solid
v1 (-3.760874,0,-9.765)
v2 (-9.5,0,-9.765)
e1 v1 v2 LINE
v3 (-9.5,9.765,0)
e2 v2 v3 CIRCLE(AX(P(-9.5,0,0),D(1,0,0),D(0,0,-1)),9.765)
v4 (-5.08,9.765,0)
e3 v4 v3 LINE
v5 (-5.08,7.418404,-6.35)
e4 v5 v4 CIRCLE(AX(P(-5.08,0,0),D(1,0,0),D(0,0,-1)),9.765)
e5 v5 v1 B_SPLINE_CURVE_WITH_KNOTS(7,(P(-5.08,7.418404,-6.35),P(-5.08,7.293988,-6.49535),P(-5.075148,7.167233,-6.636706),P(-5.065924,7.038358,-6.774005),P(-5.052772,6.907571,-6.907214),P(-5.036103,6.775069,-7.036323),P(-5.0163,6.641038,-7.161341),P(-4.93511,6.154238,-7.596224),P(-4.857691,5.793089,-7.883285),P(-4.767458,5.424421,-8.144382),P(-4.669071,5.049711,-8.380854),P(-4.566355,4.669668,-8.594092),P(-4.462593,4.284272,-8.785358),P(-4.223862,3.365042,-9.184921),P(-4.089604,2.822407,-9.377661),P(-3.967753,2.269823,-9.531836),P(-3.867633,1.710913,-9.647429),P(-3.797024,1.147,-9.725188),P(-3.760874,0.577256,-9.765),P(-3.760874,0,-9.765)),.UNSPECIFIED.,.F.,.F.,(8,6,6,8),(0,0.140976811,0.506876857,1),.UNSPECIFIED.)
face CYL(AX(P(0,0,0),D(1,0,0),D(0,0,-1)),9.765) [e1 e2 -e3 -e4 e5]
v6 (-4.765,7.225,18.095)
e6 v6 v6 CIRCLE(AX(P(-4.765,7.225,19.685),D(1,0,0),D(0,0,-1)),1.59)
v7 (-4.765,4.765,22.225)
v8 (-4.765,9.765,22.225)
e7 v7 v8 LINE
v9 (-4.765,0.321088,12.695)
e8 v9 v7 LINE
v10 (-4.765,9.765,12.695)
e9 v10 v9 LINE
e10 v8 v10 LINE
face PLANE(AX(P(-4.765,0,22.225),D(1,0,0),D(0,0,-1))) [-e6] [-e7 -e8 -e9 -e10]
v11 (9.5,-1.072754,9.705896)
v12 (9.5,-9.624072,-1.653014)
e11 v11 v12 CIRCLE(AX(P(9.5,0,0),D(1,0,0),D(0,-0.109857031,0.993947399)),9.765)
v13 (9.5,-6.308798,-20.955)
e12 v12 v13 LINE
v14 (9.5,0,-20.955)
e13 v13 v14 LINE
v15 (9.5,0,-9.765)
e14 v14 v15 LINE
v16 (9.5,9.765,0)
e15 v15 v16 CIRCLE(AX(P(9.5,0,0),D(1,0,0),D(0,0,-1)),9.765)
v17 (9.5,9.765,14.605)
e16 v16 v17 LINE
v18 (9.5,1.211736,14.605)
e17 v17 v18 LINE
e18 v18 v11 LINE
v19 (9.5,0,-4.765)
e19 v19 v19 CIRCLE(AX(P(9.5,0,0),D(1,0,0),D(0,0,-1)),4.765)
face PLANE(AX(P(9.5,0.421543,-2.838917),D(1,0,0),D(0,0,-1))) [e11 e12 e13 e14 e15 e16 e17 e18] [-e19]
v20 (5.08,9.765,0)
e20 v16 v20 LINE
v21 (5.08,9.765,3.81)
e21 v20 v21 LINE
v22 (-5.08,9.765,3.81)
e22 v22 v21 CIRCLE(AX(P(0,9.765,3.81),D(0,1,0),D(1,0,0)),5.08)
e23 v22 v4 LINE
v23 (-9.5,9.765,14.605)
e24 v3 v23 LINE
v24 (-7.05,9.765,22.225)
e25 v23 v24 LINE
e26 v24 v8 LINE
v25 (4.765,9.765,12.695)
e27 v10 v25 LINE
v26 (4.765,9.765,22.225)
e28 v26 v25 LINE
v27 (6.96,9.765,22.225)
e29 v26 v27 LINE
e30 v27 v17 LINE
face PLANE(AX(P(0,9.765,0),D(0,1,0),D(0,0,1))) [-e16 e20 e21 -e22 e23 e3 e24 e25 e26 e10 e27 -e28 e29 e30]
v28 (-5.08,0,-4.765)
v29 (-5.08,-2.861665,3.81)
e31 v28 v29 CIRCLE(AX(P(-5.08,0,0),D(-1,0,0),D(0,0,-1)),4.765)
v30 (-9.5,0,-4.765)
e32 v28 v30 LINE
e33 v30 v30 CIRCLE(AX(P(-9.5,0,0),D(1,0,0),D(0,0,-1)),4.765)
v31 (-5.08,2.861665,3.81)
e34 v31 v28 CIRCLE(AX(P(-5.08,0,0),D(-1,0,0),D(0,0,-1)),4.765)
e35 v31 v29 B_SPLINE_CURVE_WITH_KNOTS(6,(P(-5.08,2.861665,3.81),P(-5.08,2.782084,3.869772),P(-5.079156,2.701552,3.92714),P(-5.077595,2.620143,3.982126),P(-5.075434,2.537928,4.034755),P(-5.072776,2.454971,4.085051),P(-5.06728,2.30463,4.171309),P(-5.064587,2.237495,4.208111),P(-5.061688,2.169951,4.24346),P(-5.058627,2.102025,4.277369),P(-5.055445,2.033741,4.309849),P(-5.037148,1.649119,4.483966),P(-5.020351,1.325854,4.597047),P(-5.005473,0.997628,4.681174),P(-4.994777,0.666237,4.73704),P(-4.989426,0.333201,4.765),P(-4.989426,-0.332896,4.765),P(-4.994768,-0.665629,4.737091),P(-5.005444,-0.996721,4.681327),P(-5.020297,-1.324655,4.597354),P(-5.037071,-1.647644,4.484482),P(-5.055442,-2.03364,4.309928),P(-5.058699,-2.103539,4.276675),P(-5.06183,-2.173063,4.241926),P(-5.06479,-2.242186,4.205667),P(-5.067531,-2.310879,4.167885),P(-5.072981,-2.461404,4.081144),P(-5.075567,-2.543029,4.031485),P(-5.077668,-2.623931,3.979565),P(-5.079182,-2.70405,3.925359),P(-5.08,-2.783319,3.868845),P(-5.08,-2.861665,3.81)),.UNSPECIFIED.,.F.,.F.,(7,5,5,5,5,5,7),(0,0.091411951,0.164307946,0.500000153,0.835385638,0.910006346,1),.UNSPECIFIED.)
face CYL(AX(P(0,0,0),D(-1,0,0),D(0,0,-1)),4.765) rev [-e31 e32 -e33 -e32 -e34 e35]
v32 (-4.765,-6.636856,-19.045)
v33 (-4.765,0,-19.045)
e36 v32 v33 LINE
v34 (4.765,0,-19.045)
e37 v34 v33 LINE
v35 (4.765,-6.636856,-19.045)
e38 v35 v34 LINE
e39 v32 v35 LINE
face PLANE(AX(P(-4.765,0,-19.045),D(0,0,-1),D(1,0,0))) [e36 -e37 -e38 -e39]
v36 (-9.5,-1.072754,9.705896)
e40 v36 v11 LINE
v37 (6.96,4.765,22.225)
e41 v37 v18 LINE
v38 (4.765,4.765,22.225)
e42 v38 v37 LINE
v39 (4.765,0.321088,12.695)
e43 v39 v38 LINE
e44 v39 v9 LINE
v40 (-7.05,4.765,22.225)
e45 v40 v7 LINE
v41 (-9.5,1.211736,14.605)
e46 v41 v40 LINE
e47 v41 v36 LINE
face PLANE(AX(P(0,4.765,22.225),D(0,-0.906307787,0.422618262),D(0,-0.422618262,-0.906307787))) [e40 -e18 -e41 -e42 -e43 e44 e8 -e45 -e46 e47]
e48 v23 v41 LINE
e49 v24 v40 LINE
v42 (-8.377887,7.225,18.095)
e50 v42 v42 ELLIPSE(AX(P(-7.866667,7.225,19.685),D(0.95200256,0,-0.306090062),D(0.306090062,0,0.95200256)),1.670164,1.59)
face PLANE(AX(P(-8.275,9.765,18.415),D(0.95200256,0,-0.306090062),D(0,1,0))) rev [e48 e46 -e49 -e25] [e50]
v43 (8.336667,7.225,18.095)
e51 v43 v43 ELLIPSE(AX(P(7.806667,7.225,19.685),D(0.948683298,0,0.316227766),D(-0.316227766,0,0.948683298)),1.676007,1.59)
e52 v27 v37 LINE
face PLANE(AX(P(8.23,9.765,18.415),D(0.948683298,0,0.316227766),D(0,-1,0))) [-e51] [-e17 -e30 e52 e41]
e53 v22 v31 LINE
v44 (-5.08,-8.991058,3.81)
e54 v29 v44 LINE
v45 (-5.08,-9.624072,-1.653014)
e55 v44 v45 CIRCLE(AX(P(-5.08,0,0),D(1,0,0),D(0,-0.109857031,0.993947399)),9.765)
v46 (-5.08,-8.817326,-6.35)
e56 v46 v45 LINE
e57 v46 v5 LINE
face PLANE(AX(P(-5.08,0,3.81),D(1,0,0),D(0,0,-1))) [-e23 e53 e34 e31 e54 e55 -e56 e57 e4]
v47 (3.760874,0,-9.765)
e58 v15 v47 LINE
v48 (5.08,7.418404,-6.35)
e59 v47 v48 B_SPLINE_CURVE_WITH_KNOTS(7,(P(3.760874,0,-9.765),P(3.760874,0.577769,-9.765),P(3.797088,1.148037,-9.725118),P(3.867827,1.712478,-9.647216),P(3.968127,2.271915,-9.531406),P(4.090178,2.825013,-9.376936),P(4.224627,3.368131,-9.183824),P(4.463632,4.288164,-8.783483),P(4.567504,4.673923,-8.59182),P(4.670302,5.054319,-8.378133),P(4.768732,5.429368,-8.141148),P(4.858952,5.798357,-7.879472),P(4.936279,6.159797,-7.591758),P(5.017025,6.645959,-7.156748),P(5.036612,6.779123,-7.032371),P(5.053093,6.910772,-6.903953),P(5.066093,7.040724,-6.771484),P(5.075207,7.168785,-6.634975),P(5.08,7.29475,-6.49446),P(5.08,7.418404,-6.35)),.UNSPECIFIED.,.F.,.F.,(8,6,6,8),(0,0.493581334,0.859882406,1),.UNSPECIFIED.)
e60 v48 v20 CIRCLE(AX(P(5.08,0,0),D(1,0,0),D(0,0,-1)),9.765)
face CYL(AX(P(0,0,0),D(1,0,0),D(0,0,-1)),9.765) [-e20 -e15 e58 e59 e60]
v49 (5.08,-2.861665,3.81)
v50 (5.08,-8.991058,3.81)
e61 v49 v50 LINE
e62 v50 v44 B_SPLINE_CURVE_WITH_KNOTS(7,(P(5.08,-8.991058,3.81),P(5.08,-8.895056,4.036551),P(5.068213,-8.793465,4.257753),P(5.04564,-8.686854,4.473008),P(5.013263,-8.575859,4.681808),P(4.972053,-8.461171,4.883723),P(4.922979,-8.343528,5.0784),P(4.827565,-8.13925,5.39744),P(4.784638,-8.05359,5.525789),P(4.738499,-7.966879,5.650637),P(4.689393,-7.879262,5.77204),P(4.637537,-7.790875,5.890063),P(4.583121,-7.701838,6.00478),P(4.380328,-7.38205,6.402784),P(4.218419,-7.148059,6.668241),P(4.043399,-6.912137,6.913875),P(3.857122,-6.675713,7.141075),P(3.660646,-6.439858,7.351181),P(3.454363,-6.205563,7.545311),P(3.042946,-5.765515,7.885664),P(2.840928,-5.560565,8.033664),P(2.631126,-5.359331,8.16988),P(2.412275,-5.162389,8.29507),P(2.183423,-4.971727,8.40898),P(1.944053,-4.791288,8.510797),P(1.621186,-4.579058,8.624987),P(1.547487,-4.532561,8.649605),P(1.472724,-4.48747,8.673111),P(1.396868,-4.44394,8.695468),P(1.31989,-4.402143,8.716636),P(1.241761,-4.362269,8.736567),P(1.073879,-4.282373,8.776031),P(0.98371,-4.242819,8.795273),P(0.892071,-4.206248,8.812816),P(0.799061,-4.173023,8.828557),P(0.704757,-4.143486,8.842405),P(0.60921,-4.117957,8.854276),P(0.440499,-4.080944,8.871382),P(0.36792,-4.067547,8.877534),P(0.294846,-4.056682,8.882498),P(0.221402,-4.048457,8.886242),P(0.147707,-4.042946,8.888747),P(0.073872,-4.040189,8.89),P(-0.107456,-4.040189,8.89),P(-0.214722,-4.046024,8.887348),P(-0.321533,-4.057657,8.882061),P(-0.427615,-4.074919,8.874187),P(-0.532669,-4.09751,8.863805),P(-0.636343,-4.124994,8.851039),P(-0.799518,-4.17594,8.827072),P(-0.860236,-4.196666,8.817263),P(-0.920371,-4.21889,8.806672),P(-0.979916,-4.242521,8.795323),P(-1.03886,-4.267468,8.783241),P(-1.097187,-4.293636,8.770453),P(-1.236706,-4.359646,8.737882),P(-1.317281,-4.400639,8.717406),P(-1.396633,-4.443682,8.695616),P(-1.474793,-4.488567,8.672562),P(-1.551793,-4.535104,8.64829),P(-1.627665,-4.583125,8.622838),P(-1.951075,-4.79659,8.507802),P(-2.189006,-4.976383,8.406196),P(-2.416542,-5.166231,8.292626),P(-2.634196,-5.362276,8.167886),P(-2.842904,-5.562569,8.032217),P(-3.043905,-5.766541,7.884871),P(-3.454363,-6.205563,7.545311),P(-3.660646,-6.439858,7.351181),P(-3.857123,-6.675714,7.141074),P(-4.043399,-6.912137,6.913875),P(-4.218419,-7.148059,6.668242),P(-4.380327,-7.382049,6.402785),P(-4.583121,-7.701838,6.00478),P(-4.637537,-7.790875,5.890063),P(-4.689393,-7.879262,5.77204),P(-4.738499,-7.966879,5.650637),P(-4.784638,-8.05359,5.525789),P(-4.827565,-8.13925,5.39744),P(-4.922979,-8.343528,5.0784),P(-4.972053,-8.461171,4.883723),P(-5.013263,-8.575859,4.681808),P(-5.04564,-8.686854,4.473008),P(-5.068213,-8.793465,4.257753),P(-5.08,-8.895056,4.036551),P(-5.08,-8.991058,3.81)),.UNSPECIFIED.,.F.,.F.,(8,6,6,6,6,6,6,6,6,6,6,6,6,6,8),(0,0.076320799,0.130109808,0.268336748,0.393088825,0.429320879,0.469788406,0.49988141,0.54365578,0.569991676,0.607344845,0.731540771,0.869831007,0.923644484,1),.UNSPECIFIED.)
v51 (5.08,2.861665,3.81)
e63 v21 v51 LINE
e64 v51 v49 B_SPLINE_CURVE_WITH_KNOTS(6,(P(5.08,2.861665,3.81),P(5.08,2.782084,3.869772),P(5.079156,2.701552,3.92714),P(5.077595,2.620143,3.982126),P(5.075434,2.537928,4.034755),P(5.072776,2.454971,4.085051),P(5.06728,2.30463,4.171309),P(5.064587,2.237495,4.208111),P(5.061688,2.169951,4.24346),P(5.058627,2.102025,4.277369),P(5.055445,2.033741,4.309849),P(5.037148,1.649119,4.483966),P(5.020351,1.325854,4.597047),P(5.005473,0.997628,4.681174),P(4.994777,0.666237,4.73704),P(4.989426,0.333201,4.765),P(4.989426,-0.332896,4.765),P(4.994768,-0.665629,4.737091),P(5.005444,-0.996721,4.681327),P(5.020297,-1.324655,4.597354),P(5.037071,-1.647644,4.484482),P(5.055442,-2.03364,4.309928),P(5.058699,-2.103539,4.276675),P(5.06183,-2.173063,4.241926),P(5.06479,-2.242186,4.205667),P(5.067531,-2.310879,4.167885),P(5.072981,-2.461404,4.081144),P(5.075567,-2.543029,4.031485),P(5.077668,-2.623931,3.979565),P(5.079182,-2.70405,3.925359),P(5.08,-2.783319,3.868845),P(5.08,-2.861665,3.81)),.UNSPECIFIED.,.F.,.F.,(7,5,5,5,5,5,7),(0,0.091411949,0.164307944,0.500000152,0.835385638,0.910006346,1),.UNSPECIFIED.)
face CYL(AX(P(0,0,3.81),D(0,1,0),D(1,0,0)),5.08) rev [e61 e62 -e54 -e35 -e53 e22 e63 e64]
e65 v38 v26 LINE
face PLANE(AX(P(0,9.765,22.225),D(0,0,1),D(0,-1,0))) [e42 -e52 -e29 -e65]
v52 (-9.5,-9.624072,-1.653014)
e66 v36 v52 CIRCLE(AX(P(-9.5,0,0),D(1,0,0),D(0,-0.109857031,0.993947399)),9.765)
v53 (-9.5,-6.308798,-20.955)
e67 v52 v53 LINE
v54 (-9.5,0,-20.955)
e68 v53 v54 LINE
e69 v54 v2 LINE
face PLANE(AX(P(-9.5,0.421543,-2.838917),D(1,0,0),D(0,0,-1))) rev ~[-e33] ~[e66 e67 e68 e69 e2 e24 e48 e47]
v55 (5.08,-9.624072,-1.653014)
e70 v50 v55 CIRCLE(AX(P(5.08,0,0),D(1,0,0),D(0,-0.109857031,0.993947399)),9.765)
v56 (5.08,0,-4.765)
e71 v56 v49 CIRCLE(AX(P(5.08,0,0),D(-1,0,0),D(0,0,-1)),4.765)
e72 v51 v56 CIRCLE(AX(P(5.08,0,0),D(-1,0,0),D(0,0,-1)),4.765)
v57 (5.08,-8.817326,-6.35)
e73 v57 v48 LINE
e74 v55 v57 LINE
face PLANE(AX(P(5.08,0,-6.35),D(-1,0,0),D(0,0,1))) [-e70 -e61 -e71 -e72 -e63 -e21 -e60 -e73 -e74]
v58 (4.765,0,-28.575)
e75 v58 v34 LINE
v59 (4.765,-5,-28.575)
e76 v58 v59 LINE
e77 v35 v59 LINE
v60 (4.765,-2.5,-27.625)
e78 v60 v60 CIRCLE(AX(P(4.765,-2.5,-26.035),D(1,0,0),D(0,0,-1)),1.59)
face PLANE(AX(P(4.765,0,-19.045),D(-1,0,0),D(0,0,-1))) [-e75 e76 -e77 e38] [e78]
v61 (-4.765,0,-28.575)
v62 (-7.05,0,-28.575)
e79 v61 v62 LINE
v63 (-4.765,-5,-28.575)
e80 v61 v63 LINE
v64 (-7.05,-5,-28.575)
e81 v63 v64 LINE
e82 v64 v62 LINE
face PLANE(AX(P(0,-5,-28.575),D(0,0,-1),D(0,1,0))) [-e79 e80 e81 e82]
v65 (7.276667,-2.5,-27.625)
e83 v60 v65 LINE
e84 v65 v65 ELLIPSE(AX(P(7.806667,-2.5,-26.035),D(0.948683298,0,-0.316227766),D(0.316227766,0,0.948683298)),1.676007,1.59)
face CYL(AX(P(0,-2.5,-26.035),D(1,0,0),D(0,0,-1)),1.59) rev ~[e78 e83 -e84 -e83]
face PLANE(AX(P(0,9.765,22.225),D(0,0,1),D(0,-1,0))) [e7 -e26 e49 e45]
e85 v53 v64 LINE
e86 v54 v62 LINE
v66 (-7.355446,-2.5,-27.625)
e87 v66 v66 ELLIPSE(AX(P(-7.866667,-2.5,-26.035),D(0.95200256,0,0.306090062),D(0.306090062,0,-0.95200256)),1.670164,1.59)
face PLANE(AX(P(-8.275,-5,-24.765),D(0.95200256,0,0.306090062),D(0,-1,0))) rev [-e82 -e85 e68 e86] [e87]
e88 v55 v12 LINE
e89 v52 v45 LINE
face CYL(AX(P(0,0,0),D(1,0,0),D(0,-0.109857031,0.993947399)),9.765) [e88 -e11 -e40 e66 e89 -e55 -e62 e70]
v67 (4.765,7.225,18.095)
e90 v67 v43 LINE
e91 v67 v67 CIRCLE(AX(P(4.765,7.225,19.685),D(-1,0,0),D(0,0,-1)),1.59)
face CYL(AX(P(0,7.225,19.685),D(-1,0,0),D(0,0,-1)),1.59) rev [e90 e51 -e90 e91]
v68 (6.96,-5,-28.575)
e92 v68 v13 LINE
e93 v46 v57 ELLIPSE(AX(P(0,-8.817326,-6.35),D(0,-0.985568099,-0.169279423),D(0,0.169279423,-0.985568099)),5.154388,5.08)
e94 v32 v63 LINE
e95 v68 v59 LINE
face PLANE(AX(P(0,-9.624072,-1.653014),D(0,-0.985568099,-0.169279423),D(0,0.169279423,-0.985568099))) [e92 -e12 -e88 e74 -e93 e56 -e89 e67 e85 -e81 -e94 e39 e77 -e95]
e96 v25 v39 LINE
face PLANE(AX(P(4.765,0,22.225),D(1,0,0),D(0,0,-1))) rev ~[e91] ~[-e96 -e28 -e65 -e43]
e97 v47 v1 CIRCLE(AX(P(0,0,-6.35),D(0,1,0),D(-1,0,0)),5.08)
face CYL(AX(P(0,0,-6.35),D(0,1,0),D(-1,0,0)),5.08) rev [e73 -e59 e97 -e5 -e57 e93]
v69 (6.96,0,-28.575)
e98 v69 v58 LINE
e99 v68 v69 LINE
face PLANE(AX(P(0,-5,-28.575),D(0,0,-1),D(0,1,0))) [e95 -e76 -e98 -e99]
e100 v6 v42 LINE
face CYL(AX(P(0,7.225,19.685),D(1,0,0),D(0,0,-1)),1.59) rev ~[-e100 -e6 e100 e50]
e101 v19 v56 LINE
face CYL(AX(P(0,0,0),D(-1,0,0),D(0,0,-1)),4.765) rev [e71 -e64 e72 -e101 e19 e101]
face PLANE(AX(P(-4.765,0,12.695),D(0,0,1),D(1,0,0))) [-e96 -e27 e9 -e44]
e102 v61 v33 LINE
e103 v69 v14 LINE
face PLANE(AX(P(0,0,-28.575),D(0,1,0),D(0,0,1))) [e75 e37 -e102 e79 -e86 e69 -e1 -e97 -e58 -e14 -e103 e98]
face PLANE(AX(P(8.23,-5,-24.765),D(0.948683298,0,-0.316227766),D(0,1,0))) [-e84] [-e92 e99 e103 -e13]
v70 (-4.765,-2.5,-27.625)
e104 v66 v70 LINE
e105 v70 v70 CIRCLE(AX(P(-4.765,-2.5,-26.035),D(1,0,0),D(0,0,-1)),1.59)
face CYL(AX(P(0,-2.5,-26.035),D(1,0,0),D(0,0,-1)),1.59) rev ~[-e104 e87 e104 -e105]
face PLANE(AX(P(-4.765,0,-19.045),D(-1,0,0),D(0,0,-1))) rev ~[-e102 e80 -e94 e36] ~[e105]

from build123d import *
from OCP.BRepFilletAPI import BRepFilletAPI_MakeChamfer

# Parameters (mm, degrees)
SKETCH1_R           = 4.765
BOSS_EXTRUDE1_DEPTH = 9.5
CHAMFER1_SIZE       = 2.54
CHAMFER1_SIZE2      = 7.62
CHAMFER2_SIZE       = 7.62
CHAMFER2_SIZE2      = 2.45
CUT_EXTRUDE1_DEPTH  = 17.5
SKETCH3_W           = 9.53
SKETCH3_H           = 9.53
CUT_EXTRUDE2_DEPTH  = 17.5
SKETCH4_R           = 1.59
CUT_EXTRUDE3_DEPTH  = 17.5


with BuildPart() as part:
    # Sketch1 → Boss-Extrude1 (new, symmetric)
    with BuildSketch(Plane(origin=(0, 0, 0), x_dir=(0, 0, -1), z_dir=(1, 0, 0))):
        with BuildLine():
            Line((0, 9.765), (-22.225, 9.765))
            Line((-22.225, 9.765), (-22.225, 4.765))
            Line((-22.225, 4.765), (-9.705896356, -1.072753903))
            ThreePointArc((-9.705896356, -1.072753903), (-5.873116096, -7.801392973), (1.653013564, -9.624072483))
            Line((1.653013564, -9.624072483), (28.575, -5))
            Line((28.575, -5), (28.575, 0))
            Line((28.575, 0), (9.765, 0))
            ThreePointArc((9.765, 0), (6.904897718, 6.904897718), (0, 9.765))
        make_face()
        Circle(SKETCH1_R, mode=Mode.SUBTRACT)
    extrude(amount=BOSS_EXTRUDE1_DEPTH, both=True)

    # Chamfer1: one chamfer whose edges measure the first distance from different faces: ONE call of the kernel's chamfer builder (chamfer() names one face for all edges)
    chamfer1_edges_1 = [part.edges().sort_by_distance(p)[0] for p in [
        (9.5, 7.265, 22.225),
    ]]
    chamfer1_side_1 = [part.faces().sort_by_distance(p)[0] for p in [
        (0, 7.265, 22.225),
    ]]
    chamfer1_edges_2 = [part.edges().sort_by_distance(p)[0] for p in [
        (9.5, -2.5, -28.575),
    ]]
    chamfer1_side_2 = [part.faces().sort_by_distance(p)[0] for p in [
        (0, -2.5, -28.575),
    ]]
    chamfer1 = BRepFilletAPI_MakeChamfer(part.part.solid().wrapped)
    for e in chamfer1_edges_1:
        chamfer1.Add(CHAMFER1_SIZE, CHAMFER1_SIZE2, e.wrapped, chamfer1_side_1[0].wrapped)  # the first distance lies on this face
    for e in chamfer1_edges_2:
        chamfer1.Add(CHAMFER1_SIZE, CHAMFER1_SIZE2, e.wrapped, chamfer1_side_2[0].wrapped)  # the first distance lies on this face
    add(Compound.cast(chamfer1.Shape()), mode=Mode.REPLACE)

    # Chamfer2
    chamfer2_edges = [part.edges().sort_by_distance(p)[0] for p in [
        (-9.5, 7.265, 22.225),
        (-9.5, -2.5, -28.575),
    ]]
    chamfer2_side = [part.faces().sort_by_distance(p)[0] for p in [
        (-9.5, 9.220751812, 11.1125),
    ]]
    chamfer(chamfer2_edges, length=CHAMFER2_SIZE, length2=CHAMFER2_SIZE2, reference=chamfer2_side[0])

    # Sketch2 → Cut-Extrude1 (cut, symmetric)
    with BuildSketch(Plane(origin=(0, 0, 0), x_dir=(1, 0, 0), z_dir=(0, 1, 0))):
        with BuildLine():
            Line((5.08, 6.35), (5.08, -3.81))
            ThreePointArc((5.08, -3.81), (0, -8.89), (-5.08, -3.81))
            Line((-5.08, -3.81), (-5.08, 6.35))
            ThreePointArc((-5.08, 6.35), (0, 11.43), (5.08, 6.35))
        make_face()
    extrude(amount=CUT_EXTRUDE1_DEPTH, both=True, mode=Mode.SUBTRACT)

    # Sketch3 → Cut-Extrude2 (cut, symmetric)
    with BuildSketch(Plane(origin=(0, 0, 0), x_dir=(1, 0, 0), z_dir=(0, 1, 0))):
        with Locations((0, 23.81)):
            Rectangle(SKETCH3_W, SKETCH3_H)
        with Locations((0, -17.46)):
            Rectangle(SKETCH3_W, SKETCH3_H)
    extrude(amount=CUT_EXTRUDE2_DEPTH, both=True, mode=Mode.SUBTRACT)

    # Sketch4 → Cut-Extrude3 (cut, symmetric)
    with BuildSketch(Plane(origin=(0, 0, 0), x_dir=(0, 0, -1), z_dir=(1, 0, 0))):
        with Locations((-19.685, 7.225)):
            Circle(SKETCH4_R)
        with Locations((26.035, -2.5)):
            Circle(SKETCH4_R)
    extrude(amount=CUT_EXTRUDE3_DEPTH, both=True, mode=Mode.SUBTRACT)


solid = part.part
